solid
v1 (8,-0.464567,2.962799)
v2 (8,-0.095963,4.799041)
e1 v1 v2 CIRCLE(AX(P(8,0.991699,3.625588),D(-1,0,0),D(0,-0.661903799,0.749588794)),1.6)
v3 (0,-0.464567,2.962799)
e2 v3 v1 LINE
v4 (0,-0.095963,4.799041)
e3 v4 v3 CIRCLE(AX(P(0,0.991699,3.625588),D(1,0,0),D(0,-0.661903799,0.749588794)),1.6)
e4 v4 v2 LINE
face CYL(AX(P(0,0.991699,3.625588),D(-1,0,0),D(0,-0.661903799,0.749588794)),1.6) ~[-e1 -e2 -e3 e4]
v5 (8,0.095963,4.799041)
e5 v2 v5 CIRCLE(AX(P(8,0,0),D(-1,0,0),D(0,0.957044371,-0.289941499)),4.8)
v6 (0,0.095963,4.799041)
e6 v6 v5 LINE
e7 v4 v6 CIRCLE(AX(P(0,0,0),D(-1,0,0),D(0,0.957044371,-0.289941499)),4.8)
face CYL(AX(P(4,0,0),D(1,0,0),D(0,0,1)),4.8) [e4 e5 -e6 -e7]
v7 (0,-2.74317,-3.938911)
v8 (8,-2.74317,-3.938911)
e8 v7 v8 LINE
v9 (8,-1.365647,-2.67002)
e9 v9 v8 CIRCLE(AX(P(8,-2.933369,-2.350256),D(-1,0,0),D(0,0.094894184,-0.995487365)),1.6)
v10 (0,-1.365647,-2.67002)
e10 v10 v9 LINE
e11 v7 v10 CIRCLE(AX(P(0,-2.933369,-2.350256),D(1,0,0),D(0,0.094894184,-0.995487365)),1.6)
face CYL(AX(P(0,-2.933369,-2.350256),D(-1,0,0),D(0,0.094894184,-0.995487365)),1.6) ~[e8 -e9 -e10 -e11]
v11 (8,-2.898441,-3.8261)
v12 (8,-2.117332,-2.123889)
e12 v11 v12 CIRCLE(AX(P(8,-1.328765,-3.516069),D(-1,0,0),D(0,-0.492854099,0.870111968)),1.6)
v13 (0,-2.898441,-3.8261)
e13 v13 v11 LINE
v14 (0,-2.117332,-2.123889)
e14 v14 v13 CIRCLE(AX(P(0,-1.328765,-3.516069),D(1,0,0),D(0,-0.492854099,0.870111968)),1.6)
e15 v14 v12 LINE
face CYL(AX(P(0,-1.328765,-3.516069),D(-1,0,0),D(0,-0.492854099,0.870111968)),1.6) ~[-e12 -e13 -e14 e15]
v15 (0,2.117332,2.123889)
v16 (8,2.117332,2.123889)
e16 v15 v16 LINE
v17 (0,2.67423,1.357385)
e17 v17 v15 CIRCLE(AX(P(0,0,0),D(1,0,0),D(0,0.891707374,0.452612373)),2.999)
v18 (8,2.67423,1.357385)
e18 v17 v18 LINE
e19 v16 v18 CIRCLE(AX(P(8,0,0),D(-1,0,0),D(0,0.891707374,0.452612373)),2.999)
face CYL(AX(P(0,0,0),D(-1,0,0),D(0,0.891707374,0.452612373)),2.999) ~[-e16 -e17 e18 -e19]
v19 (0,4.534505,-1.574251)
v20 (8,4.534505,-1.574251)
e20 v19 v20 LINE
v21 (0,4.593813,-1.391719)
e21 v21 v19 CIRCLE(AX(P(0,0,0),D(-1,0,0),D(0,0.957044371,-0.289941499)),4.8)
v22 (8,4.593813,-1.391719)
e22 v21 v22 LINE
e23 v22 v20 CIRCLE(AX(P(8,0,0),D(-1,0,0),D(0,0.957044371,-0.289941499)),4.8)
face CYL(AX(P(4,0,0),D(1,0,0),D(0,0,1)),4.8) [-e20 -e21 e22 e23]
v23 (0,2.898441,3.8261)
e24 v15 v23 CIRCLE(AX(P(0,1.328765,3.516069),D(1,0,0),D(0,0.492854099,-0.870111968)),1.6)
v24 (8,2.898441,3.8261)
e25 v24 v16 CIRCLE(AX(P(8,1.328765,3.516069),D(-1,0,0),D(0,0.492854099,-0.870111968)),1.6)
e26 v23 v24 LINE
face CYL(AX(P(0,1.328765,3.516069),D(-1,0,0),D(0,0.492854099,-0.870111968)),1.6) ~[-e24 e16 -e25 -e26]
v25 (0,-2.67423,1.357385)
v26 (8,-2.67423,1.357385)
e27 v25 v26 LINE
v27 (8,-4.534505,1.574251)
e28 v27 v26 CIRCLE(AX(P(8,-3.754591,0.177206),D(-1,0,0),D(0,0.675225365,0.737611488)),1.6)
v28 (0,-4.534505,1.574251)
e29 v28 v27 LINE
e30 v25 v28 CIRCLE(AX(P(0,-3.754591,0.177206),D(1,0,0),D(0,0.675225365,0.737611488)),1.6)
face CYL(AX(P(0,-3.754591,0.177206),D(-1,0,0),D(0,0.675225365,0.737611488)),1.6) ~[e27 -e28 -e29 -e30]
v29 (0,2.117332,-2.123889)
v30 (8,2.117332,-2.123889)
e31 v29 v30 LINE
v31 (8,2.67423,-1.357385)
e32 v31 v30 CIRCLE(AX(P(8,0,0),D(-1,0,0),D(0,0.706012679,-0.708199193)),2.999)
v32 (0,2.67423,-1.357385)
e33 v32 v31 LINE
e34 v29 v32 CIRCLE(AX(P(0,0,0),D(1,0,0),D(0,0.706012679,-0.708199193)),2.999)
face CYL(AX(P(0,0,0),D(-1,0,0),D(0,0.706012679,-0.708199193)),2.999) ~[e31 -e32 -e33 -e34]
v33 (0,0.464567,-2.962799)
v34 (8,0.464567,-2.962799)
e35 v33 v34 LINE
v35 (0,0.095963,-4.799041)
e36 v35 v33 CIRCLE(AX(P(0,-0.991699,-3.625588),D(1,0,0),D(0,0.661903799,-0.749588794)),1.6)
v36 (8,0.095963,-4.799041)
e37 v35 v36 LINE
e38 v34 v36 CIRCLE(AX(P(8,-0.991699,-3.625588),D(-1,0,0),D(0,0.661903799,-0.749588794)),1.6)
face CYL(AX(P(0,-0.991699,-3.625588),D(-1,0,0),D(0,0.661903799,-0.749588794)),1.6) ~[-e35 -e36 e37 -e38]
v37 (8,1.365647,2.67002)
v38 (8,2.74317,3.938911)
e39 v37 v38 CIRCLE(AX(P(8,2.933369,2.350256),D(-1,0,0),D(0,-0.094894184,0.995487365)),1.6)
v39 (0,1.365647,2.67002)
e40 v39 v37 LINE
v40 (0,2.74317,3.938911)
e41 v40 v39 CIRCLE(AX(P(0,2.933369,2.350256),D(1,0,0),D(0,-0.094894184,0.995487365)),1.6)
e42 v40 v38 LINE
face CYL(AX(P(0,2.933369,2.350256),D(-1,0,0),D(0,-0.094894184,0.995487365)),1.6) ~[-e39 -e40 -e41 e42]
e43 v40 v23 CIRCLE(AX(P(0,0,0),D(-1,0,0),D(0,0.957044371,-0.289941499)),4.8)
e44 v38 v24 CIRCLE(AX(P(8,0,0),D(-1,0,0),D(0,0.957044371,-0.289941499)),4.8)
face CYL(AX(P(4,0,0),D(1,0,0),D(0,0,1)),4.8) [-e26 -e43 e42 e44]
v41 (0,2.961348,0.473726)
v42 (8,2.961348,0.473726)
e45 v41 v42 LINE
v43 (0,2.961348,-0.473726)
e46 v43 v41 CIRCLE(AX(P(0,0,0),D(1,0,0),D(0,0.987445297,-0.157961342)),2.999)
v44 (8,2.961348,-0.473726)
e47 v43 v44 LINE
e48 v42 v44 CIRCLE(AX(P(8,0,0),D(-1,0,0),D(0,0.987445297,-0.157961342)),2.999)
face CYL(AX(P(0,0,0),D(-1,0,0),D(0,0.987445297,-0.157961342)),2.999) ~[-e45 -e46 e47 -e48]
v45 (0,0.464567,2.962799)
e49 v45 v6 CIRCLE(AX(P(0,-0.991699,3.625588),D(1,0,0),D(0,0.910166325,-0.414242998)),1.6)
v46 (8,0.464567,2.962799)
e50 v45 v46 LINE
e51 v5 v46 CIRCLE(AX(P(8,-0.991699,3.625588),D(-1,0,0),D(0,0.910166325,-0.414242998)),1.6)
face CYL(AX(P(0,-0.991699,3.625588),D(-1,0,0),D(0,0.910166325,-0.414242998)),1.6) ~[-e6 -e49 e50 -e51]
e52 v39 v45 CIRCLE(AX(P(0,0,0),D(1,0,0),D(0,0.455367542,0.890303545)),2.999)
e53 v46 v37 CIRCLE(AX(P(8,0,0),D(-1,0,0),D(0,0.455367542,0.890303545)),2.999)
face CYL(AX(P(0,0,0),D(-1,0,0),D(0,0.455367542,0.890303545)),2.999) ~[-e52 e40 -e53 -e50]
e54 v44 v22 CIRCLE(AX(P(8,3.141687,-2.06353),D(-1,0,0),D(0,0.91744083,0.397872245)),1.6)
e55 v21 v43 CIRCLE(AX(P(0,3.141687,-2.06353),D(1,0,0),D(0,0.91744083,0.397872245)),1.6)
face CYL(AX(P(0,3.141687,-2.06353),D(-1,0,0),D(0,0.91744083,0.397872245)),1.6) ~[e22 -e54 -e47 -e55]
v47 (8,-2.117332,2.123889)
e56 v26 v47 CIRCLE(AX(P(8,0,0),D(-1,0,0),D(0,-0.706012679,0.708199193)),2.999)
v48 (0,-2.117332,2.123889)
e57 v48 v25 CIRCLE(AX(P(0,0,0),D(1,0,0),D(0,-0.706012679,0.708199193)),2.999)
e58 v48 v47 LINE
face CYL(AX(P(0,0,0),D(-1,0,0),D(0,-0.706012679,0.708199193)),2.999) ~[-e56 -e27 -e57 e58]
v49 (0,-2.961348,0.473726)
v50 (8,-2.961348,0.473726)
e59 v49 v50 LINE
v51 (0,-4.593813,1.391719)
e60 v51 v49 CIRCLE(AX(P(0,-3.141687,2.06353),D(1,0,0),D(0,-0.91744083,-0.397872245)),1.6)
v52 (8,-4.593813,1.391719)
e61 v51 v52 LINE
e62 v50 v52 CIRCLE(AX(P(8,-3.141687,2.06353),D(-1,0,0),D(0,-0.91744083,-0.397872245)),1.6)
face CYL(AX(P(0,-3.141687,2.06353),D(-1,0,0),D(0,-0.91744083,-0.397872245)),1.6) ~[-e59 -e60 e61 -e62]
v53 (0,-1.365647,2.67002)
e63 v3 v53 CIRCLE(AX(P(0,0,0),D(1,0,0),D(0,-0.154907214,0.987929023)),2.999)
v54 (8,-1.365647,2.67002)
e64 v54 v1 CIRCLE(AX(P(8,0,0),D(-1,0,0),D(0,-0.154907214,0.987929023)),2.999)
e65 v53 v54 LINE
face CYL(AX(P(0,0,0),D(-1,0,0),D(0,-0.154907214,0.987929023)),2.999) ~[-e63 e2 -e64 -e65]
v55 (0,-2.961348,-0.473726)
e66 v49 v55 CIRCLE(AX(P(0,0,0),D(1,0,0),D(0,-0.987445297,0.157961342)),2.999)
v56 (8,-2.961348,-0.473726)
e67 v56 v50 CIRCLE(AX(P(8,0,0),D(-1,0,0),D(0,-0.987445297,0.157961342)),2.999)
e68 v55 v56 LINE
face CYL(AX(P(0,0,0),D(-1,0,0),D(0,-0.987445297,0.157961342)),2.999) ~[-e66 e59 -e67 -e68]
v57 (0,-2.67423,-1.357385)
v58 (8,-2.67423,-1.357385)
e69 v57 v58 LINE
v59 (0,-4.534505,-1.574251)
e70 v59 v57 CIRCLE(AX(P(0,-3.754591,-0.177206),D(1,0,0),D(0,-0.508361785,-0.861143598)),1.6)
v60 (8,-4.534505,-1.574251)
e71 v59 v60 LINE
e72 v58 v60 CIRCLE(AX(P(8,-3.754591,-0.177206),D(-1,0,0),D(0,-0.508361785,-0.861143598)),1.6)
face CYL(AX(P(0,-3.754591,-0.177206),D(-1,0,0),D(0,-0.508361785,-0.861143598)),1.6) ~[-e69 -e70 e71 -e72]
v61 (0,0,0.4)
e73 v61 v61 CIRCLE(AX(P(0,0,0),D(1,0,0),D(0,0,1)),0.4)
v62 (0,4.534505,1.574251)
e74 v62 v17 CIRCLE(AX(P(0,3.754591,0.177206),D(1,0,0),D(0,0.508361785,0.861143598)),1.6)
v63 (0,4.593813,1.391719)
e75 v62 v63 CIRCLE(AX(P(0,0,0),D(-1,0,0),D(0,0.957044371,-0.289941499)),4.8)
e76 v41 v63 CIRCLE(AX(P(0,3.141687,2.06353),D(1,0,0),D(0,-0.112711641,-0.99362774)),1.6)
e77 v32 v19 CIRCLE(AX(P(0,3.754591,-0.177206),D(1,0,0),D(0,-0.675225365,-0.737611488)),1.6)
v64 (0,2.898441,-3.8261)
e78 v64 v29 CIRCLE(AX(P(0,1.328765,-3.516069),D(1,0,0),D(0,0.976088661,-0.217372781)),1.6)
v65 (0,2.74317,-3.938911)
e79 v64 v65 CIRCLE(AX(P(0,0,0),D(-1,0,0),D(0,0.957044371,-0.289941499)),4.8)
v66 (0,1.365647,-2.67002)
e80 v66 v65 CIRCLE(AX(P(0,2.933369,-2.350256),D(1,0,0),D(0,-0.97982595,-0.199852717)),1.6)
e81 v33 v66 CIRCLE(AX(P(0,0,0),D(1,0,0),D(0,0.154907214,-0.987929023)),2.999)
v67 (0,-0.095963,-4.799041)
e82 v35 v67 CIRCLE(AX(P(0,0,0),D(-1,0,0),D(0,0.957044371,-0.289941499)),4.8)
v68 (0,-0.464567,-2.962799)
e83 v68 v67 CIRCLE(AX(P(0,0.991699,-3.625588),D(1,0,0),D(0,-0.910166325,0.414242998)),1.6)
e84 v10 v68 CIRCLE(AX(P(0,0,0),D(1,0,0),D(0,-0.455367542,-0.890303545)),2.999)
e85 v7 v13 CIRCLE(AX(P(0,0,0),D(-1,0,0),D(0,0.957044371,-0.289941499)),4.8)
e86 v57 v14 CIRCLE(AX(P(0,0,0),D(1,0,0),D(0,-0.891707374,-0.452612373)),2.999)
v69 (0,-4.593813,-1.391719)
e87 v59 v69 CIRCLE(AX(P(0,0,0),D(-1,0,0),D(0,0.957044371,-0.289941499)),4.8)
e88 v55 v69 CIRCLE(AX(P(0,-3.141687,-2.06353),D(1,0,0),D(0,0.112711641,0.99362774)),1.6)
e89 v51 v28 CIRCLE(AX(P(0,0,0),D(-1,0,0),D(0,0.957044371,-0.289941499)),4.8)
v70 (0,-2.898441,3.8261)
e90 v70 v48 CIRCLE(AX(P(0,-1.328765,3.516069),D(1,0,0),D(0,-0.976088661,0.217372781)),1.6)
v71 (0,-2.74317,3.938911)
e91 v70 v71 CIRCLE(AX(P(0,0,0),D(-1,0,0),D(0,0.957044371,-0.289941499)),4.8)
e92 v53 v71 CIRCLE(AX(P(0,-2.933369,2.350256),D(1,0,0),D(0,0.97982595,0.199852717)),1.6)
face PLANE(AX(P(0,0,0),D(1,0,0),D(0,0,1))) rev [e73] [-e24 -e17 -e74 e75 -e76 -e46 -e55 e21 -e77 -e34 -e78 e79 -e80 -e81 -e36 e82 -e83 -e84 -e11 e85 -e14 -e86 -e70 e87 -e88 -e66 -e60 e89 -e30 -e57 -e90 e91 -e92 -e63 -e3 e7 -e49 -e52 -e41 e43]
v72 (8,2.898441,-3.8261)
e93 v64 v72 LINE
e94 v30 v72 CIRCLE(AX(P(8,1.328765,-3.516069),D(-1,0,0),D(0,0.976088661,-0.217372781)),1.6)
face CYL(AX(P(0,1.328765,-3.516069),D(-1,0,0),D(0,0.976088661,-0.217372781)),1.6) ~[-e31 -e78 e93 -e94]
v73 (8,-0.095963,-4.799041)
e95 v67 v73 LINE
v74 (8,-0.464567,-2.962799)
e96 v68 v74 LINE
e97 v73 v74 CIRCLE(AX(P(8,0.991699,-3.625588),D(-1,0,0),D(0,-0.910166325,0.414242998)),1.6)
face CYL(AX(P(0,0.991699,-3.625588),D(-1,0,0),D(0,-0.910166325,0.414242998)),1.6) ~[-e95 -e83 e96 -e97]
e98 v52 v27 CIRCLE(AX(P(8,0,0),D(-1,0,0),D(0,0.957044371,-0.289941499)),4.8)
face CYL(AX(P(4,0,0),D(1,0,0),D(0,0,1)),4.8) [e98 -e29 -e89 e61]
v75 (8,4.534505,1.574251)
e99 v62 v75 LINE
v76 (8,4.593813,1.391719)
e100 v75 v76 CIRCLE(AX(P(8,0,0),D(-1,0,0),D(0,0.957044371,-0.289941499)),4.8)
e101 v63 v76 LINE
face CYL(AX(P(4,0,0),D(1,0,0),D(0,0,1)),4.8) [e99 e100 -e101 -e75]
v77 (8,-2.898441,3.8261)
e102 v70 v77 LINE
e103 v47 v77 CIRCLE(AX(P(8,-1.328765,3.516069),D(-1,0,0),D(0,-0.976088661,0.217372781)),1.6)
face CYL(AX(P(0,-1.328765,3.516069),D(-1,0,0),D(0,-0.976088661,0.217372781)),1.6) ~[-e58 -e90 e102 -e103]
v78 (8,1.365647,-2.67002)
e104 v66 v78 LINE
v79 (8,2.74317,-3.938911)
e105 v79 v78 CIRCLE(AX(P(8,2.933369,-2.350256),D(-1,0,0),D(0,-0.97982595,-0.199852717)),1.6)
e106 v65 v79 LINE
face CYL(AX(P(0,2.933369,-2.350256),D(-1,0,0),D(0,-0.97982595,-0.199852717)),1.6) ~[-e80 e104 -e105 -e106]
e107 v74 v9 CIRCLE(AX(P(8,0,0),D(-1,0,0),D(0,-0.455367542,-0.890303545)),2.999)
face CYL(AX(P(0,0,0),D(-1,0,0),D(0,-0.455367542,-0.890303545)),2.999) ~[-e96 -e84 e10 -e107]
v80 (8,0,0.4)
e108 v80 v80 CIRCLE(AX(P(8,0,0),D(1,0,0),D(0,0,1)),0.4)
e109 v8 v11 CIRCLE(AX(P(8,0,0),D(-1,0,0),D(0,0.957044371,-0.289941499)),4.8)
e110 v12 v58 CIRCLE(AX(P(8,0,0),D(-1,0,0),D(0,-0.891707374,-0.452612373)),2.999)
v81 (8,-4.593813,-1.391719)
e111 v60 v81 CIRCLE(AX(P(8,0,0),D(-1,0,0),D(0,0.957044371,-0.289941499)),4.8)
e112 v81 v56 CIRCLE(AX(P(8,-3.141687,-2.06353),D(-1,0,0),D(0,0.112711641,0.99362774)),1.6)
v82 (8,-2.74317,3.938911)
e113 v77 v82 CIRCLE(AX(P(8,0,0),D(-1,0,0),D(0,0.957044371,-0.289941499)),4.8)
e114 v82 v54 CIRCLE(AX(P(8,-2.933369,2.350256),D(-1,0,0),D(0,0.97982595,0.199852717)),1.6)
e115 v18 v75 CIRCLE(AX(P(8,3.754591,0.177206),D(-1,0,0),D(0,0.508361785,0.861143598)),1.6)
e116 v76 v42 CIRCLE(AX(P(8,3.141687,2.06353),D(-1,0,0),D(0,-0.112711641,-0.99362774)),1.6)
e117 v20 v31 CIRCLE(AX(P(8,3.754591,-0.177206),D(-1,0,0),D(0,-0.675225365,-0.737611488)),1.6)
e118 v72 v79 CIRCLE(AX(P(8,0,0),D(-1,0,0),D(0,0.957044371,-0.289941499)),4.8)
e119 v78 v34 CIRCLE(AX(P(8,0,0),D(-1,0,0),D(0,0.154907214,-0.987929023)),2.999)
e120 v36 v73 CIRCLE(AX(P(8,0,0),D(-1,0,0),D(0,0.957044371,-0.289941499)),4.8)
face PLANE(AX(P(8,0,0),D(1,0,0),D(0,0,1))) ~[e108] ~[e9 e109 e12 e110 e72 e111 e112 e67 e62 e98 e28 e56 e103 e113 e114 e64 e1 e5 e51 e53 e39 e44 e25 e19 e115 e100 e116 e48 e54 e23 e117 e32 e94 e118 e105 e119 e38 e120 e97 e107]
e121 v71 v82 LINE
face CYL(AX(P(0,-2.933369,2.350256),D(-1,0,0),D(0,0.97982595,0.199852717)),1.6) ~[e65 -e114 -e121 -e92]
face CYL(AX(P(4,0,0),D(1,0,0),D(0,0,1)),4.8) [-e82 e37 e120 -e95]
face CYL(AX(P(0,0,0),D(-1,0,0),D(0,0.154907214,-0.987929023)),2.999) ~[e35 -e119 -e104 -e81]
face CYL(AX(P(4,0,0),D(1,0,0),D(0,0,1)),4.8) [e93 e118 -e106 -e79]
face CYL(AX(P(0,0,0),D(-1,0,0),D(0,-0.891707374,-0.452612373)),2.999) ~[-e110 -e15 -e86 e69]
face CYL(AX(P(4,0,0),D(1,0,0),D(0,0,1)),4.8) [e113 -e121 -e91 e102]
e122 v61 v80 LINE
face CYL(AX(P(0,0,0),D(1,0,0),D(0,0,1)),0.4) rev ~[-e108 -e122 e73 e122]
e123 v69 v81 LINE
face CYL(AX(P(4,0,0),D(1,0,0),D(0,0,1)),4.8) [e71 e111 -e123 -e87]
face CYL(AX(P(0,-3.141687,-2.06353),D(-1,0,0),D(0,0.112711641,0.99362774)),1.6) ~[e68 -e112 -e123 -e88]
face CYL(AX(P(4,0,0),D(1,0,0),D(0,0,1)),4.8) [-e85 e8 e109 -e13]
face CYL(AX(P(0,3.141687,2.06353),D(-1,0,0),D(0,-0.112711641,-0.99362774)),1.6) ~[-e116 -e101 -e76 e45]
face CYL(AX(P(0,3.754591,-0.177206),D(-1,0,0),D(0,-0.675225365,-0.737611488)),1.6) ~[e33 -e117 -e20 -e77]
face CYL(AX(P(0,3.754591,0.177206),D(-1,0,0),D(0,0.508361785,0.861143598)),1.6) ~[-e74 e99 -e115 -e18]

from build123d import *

# Parameters (mm, degrees)
BASPROSKE_W     = 8
BASPROSKE_H     = 4.8
TOOTHCUT_DEPTH  = 11.491901639
TEETHCUTS_COUNT = 10
TEETHCUTS_ANGLE = 324
BORSKE_R        = 0.4
BORE_DEPTH      = 50.0000508


with BuildPart() as part:
    # BasProSke → Base-Revolve (revolve)
    with BuildSketch(Plane(origin=(0, 0, 0), x_dir=(1, 0, 0), z_dir=(0, 1, 0)), mode=Mode.PRIVATE) as base_revolve_sk:
        with Locations((4, 2.4)):
            Rectangle(BASPROSKE_W, BASPROSKE_H)
    revolve(base_revolve_sk.sketch.rotate(Axis((-10, 0, 0), (1, 0, 0)), 180), axis=Axis((-10, 0, 0), (1, 0, 0)))

    # TooCutSke → ToothCut (cut, through all)
    with BuildSketch(Plane(origin=(0, 0, 0), x_dir=(0, 0, -1), z_dir=(1, 0, 0))):
        with BuildLine():
            ThreePointArc((0.473726058, 2.961348446), (0, 2.999), (-0.473726058, 2.961348446))
            ThreePointArc((-0.473726058, 2.961348446), (-0.678470427, 3.942691912), (-1.42693485, 4.6095924))
            ThreePointArc((-1.42693485, 4.6095924), (0, 4.8254), (1.42693485, 4.6095924))
            ThreePointArc((1.42693485, 4.6095924), (0.678470427, 3.942691912), (0.473726058, 2.961348446))
        make_face()
    toothcut = extrude(amount=TOOTHCUT_DEPTH, mode=Mode.SUBTRACT)

    # TeethCuts: ToothCut ×10 about axis
    teethcuts_axis = Axis((-10, 0, 0), (1, 0, 0))
    for i in range(1, TEETHCUTS_COUNT):
        add(toothcut.rotate(teethcuts_axis, i * TEETHCUTS_ANGLE / (TEETHCUTS_COUNT - 1)), mode=Mode.SUBTRACT)

    # BorSke → Bore (cut, symmetric)
    with BuildSketch(Plane(origin=(0, 0, 0), x_dir=(0, 0, -1), z_dir=(1, 0, 0))):
        with Locations(Location((0, 0, 0), (0, 0, 180))):
            Circle(BORSKE_R)
    extrude(amount=BORE_DEPTH, both=True, mode=Mode.SUBTRACT)


solid = part.part
